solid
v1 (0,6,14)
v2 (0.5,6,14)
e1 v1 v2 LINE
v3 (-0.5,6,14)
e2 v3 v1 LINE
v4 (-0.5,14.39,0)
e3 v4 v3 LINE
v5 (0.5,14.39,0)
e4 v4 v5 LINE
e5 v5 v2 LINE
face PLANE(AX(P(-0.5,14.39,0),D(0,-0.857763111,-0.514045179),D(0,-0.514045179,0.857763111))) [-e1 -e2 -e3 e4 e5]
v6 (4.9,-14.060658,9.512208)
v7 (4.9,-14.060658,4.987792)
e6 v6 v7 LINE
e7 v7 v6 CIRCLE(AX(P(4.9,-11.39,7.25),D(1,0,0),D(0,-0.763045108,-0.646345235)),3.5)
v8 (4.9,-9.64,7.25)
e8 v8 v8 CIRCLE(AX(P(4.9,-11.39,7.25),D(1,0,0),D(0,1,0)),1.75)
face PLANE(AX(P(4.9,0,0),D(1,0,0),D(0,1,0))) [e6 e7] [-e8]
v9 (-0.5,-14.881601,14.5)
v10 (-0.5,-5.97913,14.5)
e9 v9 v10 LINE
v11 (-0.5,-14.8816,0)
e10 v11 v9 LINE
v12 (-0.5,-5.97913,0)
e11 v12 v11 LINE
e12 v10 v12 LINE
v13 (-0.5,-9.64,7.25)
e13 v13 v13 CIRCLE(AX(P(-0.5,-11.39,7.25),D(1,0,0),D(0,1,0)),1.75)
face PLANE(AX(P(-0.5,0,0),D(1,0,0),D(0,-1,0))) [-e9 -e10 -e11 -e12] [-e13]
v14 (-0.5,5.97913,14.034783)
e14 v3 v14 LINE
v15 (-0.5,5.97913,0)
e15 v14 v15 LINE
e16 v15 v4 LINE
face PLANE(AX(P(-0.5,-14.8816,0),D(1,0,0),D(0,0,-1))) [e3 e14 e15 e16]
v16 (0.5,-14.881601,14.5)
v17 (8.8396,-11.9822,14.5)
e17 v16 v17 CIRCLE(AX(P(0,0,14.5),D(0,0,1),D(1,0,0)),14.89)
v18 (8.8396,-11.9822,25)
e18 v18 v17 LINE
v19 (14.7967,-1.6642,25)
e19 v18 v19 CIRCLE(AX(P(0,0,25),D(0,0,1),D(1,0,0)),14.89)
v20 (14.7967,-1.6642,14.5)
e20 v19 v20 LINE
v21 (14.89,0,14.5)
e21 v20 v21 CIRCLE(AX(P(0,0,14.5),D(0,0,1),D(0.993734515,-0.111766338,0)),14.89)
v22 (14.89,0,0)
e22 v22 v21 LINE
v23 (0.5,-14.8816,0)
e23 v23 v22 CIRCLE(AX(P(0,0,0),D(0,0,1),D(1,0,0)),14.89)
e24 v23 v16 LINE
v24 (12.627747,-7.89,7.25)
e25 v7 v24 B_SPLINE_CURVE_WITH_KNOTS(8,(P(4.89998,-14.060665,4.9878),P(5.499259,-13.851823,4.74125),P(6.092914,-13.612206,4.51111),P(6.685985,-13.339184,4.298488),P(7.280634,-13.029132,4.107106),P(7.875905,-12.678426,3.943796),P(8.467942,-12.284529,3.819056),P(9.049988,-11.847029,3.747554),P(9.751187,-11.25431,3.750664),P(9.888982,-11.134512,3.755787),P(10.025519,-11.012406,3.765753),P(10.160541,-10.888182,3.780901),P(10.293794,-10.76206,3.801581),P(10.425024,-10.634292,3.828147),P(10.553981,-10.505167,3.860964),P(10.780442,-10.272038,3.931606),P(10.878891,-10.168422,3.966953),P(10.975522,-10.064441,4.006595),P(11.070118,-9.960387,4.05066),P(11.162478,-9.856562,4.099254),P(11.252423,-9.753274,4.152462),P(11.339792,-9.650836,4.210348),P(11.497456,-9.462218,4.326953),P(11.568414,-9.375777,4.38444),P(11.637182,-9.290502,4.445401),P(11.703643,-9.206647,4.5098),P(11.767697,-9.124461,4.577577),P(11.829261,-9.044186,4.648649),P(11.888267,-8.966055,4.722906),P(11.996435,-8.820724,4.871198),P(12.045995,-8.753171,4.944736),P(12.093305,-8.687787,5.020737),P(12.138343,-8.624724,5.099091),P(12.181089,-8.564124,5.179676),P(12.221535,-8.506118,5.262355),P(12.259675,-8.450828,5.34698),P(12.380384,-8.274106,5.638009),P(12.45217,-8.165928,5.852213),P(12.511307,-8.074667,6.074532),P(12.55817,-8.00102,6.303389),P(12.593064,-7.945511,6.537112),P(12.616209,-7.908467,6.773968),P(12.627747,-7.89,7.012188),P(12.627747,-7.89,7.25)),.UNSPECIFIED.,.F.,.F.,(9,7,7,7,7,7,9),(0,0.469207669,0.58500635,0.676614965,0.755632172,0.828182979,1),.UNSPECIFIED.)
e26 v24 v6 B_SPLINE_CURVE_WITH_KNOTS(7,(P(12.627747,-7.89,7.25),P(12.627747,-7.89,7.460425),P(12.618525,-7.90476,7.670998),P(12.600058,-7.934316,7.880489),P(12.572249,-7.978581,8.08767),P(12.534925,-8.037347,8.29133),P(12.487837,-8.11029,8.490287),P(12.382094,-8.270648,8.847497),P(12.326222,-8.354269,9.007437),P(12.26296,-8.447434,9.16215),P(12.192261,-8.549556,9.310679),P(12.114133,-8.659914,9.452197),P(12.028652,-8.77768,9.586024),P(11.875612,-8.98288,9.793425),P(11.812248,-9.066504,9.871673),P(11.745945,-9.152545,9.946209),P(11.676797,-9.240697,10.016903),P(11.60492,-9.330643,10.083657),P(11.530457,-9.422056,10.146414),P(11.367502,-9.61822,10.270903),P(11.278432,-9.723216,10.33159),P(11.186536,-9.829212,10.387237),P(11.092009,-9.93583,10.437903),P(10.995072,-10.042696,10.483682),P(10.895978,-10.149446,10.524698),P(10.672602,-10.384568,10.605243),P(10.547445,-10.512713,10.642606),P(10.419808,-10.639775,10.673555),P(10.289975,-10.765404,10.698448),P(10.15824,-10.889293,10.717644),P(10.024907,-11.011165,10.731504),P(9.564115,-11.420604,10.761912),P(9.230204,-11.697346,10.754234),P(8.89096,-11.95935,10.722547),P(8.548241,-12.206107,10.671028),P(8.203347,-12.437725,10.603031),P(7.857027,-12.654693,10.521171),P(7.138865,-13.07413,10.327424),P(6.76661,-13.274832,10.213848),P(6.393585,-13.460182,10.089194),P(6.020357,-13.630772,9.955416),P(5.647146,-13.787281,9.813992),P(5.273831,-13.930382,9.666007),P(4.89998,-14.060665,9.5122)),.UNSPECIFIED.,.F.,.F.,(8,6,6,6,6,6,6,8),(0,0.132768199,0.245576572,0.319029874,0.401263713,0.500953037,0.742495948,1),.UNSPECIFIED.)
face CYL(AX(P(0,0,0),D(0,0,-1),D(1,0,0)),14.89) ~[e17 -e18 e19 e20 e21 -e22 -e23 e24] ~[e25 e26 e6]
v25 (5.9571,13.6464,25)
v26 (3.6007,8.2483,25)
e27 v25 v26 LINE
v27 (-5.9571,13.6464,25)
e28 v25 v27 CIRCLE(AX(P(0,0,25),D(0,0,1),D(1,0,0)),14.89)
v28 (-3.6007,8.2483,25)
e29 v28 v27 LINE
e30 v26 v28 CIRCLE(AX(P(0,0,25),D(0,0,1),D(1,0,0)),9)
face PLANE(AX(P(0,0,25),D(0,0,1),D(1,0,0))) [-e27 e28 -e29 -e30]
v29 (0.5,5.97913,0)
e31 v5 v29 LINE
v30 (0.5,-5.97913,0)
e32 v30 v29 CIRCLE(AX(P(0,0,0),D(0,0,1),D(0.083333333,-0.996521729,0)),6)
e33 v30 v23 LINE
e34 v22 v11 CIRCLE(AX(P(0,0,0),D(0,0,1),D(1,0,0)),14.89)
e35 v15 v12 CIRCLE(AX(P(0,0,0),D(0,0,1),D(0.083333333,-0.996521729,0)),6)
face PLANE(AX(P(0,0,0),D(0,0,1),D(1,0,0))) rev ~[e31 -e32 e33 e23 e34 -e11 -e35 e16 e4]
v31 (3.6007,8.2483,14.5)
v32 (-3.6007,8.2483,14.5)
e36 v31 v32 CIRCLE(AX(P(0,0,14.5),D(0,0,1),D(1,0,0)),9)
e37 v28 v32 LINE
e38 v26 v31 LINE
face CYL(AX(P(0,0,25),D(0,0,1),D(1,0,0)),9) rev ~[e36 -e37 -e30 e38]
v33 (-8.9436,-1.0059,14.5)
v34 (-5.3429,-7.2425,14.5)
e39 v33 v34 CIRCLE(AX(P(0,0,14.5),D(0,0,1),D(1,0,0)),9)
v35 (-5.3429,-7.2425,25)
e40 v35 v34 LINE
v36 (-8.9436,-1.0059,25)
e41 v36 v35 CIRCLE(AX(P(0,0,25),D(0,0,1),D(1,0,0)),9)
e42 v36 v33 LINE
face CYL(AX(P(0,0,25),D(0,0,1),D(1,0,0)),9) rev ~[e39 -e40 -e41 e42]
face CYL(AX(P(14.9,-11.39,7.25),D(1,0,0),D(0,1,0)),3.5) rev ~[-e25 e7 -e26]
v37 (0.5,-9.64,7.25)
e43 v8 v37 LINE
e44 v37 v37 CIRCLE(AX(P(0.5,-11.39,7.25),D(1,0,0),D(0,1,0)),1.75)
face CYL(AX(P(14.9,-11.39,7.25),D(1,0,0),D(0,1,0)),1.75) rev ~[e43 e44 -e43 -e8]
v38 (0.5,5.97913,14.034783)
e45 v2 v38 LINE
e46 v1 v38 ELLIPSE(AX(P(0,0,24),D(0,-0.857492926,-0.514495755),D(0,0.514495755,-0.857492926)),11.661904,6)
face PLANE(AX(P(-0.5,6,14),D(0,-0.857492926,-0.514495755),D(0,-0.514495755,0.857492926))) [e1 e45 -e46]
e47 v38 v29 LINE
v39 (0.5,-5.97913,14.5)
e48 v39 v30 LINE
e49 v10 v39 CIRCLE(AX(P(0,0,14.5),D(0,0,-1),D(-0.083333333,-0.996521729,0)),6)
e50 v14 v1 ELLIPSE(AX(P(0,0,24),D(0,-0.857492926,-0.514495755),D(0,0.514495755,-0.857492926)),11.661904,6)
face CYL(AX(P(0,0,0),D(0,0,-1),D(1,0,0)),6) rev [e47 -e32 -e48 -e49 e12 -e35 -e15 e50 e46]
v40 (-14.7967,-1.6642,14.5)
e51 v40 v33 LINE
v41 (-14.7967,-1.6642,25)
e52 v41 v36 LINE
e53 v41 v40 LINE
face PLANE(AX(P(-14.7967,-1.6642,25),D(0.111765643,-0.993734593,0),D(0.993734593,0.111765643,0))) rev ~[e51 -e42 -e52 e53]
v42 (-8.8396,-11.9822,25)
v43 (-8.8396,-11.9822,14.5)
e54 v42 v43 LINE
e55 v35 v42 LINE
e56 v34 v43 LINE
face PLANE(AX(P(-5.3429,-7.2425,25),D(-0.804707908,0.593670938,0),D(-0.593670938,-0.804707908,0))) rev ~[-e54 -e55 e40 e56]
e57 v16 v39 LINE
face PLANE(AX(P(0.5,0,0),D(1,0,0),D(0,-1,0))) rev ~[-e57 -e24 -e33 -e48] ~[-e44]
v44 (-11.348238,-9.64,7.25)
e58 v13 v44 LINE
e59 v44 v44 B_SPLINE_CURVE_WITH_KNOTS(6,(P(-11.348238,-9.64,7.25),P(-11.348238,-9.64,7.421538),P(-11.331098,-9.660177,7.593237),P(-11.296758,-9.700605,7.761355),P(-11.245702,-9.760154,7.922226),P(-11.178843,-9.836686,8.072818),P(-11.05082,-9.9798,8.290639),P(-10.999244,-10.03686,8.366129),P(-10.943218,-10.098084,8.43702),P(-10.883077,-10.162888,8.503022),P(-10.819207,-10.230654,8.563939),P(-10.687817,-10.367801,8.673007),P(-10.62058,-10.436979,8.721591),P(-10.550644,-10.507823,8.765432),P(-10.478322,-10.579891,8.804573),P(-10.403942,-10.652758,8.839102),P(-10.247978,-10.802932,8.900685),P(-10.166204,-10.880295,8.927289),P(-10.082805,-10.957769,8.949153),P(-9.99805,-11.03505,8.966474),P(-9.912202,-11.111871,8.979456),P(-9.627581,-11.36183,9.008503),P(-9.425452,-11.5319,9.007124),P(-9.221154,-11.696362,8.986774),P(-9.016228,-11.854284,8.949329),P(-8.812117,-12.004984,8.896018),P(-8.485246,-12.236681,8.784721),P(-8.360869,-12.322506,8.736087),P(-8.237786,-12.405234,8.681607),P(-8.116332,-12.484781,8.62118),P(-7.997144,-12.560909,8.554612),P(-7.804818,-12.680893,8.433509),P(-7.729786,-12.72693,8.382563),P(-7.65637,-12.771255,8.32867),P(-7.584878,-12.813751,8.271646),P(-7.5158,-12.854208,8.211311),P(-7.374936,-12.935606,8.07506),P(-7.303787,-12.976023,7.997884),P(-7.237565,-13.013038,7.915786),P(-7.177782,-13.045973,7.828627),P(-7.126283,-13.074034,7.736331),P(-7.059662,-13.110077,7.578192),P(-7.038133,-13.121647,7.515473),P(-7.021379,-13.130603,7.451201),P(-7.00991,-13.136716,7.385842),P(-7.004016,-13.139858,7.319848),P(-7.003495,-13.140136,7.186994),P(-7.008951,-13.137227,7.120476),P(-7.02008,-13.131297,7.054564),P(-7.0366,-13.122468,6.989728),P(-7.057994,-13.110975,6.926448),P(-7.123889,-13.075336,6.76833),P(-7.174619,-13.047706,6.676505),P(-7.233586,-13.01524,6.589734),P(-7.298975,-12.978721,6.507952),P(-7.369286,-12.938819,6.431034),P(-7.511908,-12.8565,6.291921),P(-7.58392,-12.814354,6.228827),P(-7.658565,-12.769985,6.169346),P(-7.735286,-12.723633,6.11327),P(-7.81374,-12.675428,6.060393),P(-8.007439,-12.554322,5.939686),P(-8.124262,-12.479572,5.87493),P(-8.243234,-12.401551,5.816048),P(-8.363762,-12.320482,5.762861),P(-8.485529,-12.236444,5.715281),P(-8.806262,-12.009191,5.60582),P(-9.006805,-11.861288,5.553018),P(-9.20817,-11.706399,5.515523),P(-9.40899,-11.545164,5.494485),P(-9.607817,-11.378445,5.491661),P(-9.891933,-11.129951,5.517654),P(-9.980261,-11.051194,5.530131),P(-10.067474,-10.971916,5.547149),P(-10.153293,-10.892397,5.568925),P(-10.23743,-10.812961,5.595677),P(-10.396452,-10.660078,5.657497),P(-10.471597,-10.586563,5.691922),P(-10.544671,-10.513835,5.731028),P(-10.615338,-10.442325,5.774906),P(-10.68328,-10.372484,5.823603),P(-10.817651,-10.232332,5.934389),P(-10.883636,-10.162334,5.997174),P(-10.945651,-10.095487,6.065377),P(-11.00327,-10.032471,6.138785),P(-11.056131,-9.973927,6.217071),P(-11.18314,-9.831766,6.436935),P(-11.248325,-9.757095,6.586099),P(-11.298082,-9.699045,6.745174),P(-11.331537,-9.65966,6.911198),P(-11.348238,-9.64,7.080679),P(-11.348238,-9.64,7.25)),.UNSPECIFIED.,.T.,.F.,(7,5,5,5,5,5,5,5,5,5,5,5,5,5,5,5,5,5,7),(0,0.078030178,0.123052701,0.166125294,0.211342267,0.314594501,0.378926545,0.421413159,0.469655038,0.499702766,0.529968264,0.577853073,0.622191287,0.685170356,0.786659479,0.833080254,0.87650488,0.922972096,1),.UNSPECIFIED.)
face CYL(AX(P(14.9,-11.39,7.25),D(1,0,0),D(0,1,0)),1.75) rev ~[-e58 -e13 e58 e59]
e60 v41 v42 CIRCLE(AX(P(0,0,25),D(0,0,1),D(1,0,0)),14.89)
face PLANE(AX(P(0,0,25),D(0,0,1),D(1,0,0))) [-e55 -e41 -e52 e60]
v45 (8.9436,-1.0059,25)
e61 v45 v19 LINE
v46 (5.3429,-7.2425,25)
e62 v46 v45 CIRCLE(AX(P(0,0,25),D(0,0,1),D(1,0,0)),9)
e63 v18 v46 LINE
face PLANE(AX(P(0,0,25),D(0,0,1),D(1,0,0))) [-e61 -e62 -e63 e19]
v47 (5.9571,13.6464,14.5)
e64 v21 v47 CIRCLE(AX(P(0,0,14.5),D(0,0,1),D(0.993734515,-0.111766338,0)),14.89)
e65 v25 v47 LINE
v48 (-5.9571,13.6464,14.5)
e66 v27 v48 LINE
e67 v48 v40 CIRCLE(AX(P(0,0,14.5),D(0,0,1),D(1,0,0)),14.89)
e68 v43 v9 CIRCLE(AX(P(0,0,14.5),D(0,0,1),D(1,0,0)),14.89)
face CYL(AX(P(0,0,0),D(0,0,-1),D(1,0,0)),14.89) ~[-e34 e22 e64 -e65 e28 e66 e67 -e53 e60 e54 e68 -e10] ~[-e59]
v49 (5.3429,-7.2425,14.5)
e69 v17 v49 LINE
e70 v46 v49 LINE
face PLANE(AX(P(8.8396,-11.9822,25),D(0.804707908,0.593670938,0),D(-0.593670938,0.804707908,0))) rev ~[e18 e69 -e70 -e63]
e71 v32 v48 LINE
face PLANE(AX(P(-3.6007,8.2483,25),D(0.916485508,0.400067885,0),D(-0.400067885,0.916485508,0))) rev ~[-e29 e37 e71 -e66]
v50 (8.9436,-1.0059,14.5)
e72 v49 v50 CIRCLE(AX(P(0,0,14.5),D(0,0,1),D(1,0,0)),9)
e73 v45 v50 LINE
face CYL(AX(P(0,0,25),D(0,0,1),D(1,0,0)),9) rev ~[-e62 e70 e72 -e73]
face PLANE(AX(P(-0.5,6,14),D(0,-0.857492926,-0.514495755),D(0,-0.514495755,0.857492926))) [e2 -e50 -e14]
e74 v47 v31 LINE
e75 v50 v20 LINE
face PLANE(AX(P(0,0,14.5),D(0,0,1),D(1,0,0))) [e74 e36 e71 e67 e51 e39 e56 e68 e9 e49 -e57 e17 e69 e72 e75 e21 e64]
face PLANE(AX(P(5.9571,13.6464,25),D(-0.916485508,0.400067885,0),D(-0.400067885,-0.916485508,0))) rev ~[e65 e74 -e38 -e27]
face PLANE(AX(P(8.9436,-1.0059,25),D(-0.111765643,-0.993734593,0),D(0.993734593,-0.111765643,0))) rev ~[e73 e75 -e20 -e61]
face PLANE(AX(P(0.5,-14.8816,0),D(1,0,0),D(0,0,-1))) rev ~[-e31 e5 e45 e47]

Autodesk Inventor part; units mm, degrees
ref_plane "XZ Plane" through (0, 0, 0) normal (0, 1, 0) x (-1, 0, 0)
ref_plane "XY Plane" through (0, 0, 0) normal (0, 0, 1) x (1, 0, 0)
sketch "Sketch1" plane through (0, 0, 0) normal (0, 0, 1) x (1, 0, 0)
  circle A0 centre (0, 0) radius 14.89
  circle A1 centre (0, 0) radius 6
  circle A2 centre (0, 0) radius 3.175
  dimension "d0" = 29.78
  dimension "d1" = 12
  dimension "d41" = 6.35
extrude "Extrusion1" add sketch "Sketch1" along normal blind 25 contours A0
sketch "Sketch2" plane through (0, 0, 25) normal (0, 0, 1) x (1, 0, 0)
  circle A0 centre (0, 0) radius 14.89 projected
  circle A1 centre (0, 0) radius 9
  circle A2 centre (0, 0) radius 14.89 projected
  line L0 (-3.6007, 8.2483) -> (-5.9571, 13.6464)
  line L1 (5.9571, 13.6464) -> (3.6007, 8.2483)
  line L2 (-5.3429, -7.2425) -> (-8.8396, -11.9822)
  line L3 (-14.7967, -1.6642) -> (-8.9436, -1.0059)
  line L4 (8.9436, -1.0059) -> (14.7967, -1.6642)
  line L5 (8.8396, -11.9822) -> (5.3429, -7.2425)
  dimension "d14" = 18
  dimension "d24" = 360
extrude "Extrusion2" cut sketch "Sketch2" against normal blind 10.5 contours A0 L4 A1 L1 | L0 A1 L3 A0 | A1 | A0 L2 A1 L5
ref_plane "Work Plane1" through (14.9, 0, 0) normal (1, 0, 0) x (0, 1, 0)
sketch "Sketch3" plane through (14.9, 0, 0) normal (1, 0, 0) x (0, 1, 0)
  line L0 (-1.6642, 14.5) -> (-1.6642, 25) projected
  line L1 (-11.9822, 25) -> (-1.6642, 25) projected
  line L2 (-11.9822, 25) -> (-11.9822, 14.5) projected
  line L3 (-11.9822, 14.5) -> (-11.9822, 14.5) projected
  line L4 (-11.9822, 14.5) -> (-11.9822, 25) projected
  line L5 (-1.6642, 25) -> (-11.9822, 25) projected
  line L6 (-1.6642, 25) -> (-1.6642, 14.5) projected
  line L7 (-1.6642, 14.5) -> (13.6464, 14.5) projected
  line L8 (13.6464, 14.5) -> (13.6464, 25) projected
  line L9 (13.6464, 25) -> (13.6464, 25) projected
  line L10 (13.6464, 25) -> (13.6464, 14.5) projected
  line L11 (13.6464, 14.5) -> (-1.6642, 14.5) projected
  line L12 (14.89, 0) -> (-14.89, 0) projected
  line L13 (14.89, 25) -> (13.6464, 25) projected
  line L14 (14.89, 25) -> (14.89, 0)
  line L15 (14.89, 0) -> (14.89, 25) projected
  line L16 (-14.89, 0) -> (-14.89, 14.5) projected
  line L17 (14.89, 0) -> (-14.89, 0) projected
  line L18 (-14.89, 14.5) -> (-14.89, 0)
  line L19 (-7.89, 0) -> (-14.89, 0)
  line L20 (-14.89, 0) -> (-14.89, 14.5)
  line L21 (-14.89, 7.25) -> (-7.89, 7.25)
  circle A0 centre (-11.39, 7.25) radius 3.5
  circle A1 centre (-11.39, 7.25) radius 1.75
  point P0 (0, 0)
  dimension "d27" = 29.78
  dimension "d30" = 3.5
extrude "Extrusion3" cut sketch "Sketch3" against normal blind 10
extrude "Extrusion4" cut sketch "Sketch3" against normal blind 30 contours A1 L21 | L21 A1
sketch "Sketch4" plane through (0, 0, 0) normal (0, 0, -1) x (-1, 0, 0)
  arc A0 (-8.8396, -11.9822) -> (8.8396, -11.9822) centre (0, 0) ccw projected
  line L0 (0, 0) -> (-0.5, 0)
  line L1 (-0.5, 0) -> (-0.5, -14.8816)
  line L2 (0, 0) -> (0.5, 0)
  line L3 (0.5, 0) -> (0.5, -14.8816)
  line L4 (-0.5, 0) -> (-0.5, 14.8816)
  line L5 (0.5, 0) -> (0.5, 14.8816)
  arc A1 (5.3429, -7.2425) -> (8.9436, -1.0059) centre (0, 0) ccw projected
  circle A2 centre (0, 0) radius 14.89 projected
  point P0 (-8.8396, 11.9822)
  dimension "d33" = 0.5
  dimension "d34" = 0.5
extrude "Extrusion5" cut sketch "Sketch4" against normal blind 15 contours L1 L0 L2 L3 A0
sketch "Sketch5" plane through (-0.5, -14.8816, 0) normal (1, 0, 0) x (0, 0, -1)
  line L0 (0, 0) -> (-14.5, 0) projected
  line L1 (-14.5, 0) -> (-14.5, 2.8994) projected
  line L2 (-14.5, 2.8994) -> (-25, 2.8994) projected
  line L3 (-25, 13.2174) -> (-25, 2.8994) projected
  line L4 (-25, 13.2174) -> (-14.5, 13.2174) projected
  line L5 (-14.5, 13.2174) -> (-14.5, 28.528) projected
  line L6 (-14.5, 28.528) -> (-25, 28.528) projected
  line L7 (-25, 28.528) -> (-25, 28.528) projected
  line L8 (-25, 28.528) -> (-14.5, 28.528) projected
  line L9 (-14.5, 28.528) -> (-14.5, 13.2174) projected
  line L10 (-14.5, 13.2174) -> (-25, 13.2174) projected
  line L11 (-25, 2.8994) -> (-25, 13.2174) projected
  line L12 (-25, 2.8994) -> (-14.5, 2.8994) projected
  line L13 (-14.5, 2.8994) -> (-14.5, 0) projected
  line L14 (-14.5, 0) -> (0, 0) projected
  line L15 (0, 0) -> (0, 0) projected
  line L16 (-4.9878, 0.8209) -> (-9.5122, 0.8209) projected
  line L17 (-14.5, 8.9025) -> (0, 8.9025) projected
  line L18 (0, 8.9025) -> (0, 8.9025) projected
  line L19 (0, 8.9025) -> (-14.5, 8.9025) projected
  line L20 (-14.5, 8.9025) -> (-14.5, 8.9025) projected
  line L21 (-14.5, 20.8816) -> (-14.5, 8.9025) projected
  line L22 (-14.5, 20.8816) -> (0, 20.8816)
  line L23 (0, 29.7716) -> (0, 0) projected
  line L24 (-14.5, 20.8816) -> (-14, 20.8816)
  line L25 (0, 29.7716) -> (0, 29.2716)
  line L26 (0, 29.2716) -> (-14, 20.8816)
  line L27 (-14.5, 20.8585) -> (0, 20.8585)
  line L28 (0, 8.9025) -> (0, 20.8816) projected
  line L29 (-14, 20.8816) -> (-14.0385, 20.8585)
  line L30 (-14.5, 18.0566) -> (0, 18.0566) projected
  line L31 (-14.5, 18.0566) -> (-14.5, 11.7462) projected
  line L32 (-14.5, 18.0145) -> (0, 18.0145)
  line L33 (-14.5, 18.0145) -> (-14, 18.0145)
  line L34 (-14, 18.0145) -> (0, 29.2716)
  point P0 (0, 14.8816)
  point P1 (-7.25, 1.7416)
  point P2 (-13.9476, 18.0566)
  dimension "d37" = 0.5
  dimension "d38" = 0.5
  dimension "d42" = 0.5
extrude "Extrusion6" cut sketch "Sketch5" along normal blind 1 contours L32 L34 L30 L23 | L30 L34 L27 L23 | L32 L5 L30 L34 | L27 L34 L22 L23 | L30 L5 L27 L34 | L22 L34 L23 | L27 L29 L22 L34 | L22 L26 L34
properties part number "PHAN NHOM"
